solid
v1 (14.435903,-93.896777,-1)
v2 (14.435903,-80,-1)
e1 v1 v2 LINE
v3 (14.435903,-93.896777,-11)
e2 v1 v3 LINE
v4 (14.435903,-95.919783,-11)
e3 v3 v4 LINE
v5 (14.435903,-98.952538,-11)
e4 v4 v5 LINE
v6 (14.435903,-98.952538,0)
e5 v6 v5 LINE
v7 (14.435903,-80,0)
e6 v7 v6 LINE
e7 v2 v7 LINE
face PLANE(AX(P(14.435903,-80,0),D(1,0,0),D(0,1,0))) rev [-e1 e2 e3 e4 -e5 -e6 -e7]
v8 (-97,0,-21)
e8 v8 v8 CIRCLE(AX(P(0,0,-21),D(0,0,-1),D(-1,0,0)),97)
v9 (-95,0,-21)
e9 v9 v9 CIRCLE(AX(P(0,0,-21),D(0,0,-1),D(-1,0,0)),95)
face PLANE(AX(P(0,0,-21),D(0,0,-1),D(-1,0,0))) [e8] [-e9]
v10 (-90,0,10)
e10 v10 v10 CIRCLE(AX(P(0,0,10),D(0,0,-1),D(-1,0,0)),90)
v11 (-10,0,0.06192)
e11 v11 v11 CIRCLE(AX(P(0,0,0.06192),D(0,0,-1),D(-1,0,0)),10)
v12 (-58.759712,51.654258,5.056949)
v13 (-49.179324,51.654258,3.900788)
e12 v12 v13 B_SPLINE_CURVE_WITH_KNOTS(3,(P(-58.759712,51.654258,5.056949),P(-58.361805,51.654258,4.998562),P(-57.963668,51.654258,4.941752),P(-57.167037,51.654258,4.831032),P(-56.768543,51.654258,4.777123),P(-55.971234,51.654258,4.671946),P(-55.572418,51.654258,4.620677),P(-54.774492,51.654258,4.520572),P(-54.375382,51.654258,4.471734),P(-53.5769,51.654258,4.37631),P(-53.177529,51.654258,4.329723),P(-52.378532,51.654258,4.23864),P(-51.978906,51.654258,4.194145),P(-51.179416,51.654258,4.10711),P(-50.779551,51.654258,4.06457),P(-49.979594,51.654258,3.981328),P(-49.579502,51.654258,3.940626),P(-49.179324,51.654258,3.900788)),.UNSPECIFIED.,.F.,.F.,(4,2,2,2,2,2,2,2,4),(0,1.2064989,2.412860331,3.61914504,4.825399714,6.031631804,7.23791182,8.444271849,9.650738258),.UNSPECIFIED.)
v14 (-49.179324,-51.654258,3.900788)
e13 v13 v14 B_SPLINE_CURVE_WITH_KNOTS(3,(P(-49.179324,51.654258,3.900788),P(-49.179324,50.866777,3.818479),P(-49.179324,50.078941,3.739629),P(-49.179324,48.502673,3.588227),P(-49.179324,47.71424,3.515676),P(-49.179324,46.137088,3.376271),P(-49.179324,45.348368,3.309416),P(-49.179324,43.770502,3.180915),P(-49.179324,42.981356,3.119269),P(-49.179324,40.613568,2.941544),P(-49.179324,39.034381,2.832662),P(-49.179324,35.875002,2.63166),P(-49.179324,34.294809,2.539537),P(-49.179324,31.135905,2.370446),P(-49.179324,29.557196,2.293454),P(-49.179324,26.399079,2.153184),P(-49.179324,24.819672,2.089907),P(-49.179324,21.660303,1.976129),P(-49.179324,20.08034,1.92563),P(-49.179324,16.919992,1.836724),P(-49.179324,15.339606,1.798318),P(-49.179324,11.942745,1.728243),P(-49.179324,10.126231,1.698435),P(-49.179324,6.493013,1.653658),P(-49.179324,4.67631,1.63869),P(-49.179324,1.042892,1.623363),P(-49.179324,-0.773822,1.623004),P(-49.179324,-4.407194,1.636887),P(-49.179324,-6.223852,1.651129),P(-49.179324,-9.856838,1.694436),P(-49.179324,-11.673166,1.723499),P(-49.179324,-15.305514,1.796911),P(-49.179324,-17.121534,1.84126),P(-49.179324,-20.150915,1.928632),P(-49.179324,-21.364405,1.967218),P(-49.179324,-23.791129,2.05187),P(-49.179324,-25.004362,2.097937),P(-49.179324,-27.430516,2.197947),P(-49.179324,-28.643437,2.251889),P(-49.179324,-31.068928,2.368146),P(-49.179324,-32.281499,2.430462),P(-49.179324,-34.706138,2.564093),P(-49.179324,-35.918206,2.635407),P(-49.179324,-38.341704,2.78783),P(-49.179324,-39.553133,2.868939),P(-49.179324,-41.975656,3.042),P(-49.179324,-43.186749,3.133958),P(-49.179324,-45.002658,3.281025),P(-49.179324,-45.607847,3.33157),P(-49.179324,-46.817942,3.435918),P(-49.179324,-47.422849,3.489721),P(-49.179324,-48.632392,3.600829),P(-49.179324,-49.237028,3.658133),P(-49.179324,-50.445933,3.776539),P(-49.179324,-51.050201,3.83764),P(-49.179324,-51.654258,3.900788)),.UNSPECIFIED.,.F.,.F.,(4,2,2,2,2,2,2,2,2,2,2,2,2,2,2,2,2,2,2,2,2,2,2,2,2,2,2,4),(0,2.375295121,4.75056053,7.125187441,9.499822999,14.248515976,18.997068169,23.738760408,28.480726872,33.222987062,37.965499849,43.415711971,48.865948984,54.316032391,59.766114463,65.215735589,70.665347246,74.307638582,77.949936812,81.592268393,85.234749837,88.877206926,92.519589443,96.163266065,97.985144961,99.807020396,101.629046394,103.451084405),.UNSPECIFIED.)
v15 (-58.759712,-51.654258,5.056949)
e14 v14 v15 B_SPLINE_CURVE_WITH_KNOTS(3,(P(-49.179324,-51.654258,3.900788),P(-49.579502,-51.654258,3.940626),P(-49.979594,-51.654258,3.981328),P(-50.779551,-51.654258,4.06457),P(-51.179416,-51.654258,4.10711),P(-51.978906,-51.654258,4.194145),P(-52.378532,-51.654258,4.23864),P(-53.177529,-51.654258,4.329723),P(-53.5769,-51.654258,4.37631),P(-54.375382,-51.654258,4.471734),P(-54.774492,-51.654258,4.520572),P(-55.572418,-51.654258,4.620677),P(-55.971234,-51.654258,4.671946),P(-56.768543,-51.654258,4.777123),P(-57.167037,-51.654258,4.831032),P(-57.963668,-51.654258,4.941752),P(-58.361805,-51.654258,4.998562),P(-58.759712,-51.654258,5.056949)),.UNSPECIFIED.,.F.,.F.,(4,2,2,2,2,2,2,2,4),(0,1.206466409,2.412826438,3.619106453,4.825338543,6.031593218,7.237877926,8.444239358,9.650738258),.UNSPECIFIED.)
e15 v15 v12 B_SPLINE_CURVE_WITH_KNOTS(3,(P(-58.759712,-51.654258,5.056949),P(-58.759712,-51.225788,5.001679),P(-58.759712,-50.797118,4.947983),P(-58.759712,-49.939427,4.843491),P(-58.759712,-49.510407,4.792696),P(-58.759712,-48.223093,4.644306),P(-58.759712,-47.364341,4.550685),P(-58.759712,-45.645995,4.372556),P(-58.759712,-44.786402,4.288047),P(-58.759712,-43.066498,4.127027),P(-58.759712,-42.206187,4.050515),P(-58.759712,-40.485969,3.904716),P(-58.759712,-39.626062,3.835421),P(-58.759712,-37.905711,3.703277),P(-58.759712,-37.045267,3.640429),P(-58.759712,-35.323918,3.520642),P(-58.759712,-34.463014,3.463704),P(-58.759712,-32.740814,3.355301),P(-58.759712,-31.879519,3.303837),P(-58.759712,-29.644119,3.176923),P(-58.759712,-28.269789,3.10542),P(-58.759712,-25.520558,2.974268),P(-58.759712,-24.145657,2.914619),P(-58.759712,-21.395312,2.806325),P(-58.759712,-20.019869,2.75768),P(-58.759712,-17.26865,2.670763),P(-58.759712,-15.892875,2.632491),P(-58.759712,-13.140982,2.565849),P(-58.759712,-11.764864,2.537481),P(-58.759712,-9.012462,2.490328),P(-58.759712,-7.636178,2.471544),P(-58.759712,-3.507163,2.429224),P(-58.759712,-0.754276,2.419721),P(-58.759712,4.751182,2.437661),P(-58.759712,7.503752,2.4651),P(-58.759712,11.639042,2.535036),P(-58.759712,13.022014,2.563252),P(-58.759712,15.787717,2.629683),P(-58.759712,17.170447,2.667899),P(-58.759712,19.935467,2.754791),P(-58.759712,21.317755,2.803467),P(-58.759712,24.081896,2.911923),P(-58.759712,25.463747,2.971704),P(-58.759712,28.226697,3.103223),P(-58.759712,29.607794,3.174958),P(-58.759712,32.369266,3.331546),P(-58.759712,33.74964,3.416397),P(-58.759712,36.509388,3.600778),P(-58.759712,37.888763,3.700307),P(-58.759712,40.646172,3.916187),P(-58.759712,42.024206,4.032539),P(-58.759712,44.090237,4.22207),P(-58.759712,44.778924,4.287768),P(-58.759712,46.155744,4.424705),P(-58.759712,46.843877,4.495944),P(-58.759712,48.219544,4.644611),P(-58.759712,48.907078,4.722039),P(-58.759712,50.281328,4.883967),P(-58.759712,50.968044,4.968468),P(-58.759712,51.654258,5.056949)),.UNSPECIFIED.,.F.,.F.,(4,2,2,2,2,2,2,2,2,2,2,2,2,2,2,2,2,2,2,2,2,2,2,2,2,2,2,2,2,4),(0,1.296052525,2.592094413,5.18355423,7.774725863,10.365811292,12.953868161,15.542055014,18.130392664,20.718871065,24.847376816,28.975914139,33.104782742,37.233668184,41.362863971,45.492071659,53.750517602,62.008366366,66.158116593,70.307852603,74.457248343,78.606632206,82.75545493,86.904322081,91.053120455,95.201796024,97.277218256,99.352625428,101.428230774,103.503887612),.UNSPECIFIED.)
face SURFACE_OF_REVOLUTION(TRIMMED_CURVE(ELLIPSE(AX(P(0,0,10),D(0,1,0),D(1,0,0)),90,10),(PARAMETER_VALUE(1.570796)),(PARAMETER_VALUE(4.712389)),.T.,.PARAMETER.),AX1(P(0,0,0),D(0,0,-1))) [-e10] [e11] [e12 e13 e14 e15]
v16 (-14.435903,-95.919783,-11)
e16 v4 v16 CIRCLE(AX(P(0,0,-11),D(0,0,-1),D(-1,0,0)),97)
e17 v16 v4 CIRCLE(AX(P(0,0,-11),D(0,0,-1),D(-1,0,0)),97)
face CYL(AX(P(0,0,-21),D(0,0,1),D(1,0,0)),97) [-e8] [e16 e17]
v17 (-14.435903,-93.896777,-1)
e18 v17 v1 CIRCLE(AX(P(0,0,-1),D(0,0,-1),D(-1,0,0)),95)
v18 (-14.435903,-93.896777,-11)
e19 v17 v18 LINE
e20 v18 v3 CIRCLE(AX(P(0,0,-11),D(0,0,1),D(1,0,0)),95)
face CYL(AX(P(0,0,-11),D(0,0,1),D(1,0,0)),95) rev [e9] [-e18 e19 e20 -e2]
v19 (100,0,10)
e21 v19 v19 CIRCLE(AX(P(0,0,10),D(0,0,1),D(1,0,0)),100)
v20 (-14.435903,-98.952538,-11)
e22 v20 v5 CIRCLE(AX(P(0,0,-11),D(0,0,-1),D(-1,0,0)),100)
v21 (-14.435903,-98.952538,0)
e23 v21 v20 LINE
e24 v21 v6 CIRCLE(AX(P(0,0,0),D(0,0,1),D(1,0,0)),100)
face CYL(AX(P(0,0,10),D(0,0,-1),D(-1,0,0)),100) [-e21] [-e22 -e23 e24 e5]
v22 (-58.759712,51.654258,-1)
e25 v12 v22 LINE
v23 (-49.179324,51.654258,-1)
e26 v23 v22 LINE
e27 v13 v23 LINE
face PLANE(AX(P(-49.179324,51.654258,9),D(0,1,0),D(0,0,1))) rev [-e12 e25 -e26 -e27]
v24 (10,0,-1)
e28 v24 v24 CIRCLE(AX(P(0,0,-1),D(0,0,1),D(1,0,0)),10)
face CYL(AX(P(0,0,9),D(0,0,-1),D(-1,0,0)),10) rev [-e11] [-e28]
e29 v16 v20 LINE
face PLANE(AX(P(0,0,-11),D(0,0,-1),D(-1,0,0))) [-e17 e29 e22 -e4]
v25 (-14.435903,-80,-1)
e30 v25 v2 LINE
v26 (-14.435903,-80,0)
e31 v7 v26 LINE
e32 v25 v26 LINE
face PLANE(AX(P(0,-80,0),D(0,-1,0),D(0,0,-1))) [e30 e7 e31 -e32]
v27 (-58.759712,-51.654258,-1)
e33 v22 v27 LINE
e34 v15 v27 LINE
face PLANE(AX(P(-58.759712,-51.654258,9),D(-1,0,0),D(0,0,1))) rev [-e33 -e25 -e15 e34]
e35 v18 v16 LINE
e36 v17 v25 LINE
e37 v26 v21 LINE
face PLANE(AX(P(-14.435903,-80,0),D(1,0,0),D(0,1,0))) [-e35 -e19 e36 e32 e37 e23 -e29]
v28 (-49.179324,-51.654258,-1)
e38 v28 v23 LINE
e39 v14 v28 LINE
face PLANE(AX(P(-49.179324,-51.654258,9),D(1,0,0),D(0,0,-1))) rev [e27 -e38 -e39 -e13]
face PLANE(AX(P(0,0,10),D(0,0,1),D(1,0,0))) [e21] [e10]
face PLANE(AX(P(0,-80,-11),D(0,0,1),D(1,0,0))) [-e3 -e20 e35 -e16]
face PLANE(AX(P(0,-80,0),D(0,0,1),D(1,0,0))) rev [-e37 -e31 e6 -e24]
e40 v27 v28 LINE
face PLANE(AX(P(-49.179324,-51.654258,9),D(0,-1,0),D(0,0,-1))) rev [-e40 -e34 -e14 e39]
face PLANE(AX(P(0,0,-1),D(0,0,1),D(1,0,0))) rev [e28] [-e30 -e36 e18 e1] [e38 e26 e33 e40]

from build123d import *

# Parameters (mm, degrees)
SKETCH_1_R          = 100
EXTRUDE_5_DEPTH     = 10
EXTRUDE_START       = -1
SKETCH_9_R          = 100
EXTRUDE_7_DEPTH     = 1
EXTRUDE_START_2     = 10
SKETCH_11_R         = 100
SKETCH_11_R_2       = 95
EXTRUDE_8_DEPTH     = 10
SKETCH_12_R         = 97
SKETCH_12_R_2       = 95
EXTRUDE_9_DEPTH     = 10
SKETCH_14_R         = 10
SKETCH_14_W         = 9.580387857
SKETCH_14_H         = 103.308515728
CUT_EXTRUDE_4_DEPTH = 20
SKETCH_17_W         = 14.435902612
SKETCH_17_H         = 11
CUT_EXTRUDE_5_DEPTH = 20


with BuildPart() as part:
    # 草图1 → 凸台-拉伸5 (new body)
    with BuildSketch(Plane.XY):
        Circle(SKETCH_1_R)
    extrude(amount=EXTRUDE_5_DEPTH)

    # 草图9 → 凸台-拉伸7 (add)
    with BuildSketch(Plane.XY.offset(EXTRUDE_START)):
        Circle(SKETCH_9_R)
    extrude(amount=EXTRUDE_7_DEPTH)

    # 草图7 → 切除-旋转2 (revolve, cut)
    with BuildSketch(Plane(origin=(0, 0, 0), x_dir=(1, 0, 0), z_dir=(0, 1, 0))):
        with BuildLine():
            Line((0, 0), (0, -10))
            Line((0, -10), (-90, -10))
            add(Edge.make_bspline(
                [(0, 0), (-90, 0), (-90, -10)],
                knots=[1.570796327, 1.570796327, 1.570796327, 3.141592654, 3.141592654, 3.141592654], degree=2, weights=[1, 0.707106781, 1]))
        make_face()
    revolve(axis=Axis((0, 0, 0), (0, 0, 1)), mode=Mode.SUBTRACT)

    # 草图11 → 凸台-拉伸8 (add)
    with BuildSketch(Plane(origin=(0, 0, -1), x_dir=(-1, 0, 0), z_dir=(0, 0, -1)).offset(EXTRUDE_START_2)):
        Circle(SKETCH_11_R)
        Circle(SKETCH_11_R_2, mode=Mode.SUBTRACT)
    extrude(amount=-EXTRUDE_8_DEPTH)

    # 草图12 → 凸台-拉伸9 (add)
    with BuildSketch(Plane(origin=(0, 0, -11), x_dir=(-1, 0, 0), z_dir=(0, 0, -1)).offset(EXTRUDE_START_2)):
        Circle(SKETCH_12_R)
        Circle(SKETCH_12_R_2, mode=Mode.SUBTRACT)
    extrude(amount=-EXTRUDE_9_DEPTH)

    # 草图14 → 切除-拉伸4 (cut)
    with BuildSketch(Plane(origin=(0, 0, -11), x_dir=(-1, 0, 0), z_dir=(0, 0, -1))):
        Circle(SKETCH_14_R)
        with Locations((53.969518264, 0)):
            Rectangle(SKETCH_14_W, SKETCH_14_H)
    extrude(amount=-CUT_EXTRUDE_4_DEPTH, mode=Mode.SUBTRACT)

    # 草图17 → 切除-拉伸5 (cut)
    with BuildSketch(Plane(origin=(0, -100, 0), x_dir=(-1, 0, 0), z_dir=(0, -1, 0))):
        with Locations((-7.217951306, 5.5)):
            Rectangle(SKETCH_17_W, SKETCH_17_H)
        with Locations((7.217951306, 5.5)):
            Rectangle(SKETCH_17_W, SKETCH_17_H)
    extrude(amount=-CUT_EXTRUDE_5_DEPTH, mode=Mode.SUBTRACT)


solid = part.part
